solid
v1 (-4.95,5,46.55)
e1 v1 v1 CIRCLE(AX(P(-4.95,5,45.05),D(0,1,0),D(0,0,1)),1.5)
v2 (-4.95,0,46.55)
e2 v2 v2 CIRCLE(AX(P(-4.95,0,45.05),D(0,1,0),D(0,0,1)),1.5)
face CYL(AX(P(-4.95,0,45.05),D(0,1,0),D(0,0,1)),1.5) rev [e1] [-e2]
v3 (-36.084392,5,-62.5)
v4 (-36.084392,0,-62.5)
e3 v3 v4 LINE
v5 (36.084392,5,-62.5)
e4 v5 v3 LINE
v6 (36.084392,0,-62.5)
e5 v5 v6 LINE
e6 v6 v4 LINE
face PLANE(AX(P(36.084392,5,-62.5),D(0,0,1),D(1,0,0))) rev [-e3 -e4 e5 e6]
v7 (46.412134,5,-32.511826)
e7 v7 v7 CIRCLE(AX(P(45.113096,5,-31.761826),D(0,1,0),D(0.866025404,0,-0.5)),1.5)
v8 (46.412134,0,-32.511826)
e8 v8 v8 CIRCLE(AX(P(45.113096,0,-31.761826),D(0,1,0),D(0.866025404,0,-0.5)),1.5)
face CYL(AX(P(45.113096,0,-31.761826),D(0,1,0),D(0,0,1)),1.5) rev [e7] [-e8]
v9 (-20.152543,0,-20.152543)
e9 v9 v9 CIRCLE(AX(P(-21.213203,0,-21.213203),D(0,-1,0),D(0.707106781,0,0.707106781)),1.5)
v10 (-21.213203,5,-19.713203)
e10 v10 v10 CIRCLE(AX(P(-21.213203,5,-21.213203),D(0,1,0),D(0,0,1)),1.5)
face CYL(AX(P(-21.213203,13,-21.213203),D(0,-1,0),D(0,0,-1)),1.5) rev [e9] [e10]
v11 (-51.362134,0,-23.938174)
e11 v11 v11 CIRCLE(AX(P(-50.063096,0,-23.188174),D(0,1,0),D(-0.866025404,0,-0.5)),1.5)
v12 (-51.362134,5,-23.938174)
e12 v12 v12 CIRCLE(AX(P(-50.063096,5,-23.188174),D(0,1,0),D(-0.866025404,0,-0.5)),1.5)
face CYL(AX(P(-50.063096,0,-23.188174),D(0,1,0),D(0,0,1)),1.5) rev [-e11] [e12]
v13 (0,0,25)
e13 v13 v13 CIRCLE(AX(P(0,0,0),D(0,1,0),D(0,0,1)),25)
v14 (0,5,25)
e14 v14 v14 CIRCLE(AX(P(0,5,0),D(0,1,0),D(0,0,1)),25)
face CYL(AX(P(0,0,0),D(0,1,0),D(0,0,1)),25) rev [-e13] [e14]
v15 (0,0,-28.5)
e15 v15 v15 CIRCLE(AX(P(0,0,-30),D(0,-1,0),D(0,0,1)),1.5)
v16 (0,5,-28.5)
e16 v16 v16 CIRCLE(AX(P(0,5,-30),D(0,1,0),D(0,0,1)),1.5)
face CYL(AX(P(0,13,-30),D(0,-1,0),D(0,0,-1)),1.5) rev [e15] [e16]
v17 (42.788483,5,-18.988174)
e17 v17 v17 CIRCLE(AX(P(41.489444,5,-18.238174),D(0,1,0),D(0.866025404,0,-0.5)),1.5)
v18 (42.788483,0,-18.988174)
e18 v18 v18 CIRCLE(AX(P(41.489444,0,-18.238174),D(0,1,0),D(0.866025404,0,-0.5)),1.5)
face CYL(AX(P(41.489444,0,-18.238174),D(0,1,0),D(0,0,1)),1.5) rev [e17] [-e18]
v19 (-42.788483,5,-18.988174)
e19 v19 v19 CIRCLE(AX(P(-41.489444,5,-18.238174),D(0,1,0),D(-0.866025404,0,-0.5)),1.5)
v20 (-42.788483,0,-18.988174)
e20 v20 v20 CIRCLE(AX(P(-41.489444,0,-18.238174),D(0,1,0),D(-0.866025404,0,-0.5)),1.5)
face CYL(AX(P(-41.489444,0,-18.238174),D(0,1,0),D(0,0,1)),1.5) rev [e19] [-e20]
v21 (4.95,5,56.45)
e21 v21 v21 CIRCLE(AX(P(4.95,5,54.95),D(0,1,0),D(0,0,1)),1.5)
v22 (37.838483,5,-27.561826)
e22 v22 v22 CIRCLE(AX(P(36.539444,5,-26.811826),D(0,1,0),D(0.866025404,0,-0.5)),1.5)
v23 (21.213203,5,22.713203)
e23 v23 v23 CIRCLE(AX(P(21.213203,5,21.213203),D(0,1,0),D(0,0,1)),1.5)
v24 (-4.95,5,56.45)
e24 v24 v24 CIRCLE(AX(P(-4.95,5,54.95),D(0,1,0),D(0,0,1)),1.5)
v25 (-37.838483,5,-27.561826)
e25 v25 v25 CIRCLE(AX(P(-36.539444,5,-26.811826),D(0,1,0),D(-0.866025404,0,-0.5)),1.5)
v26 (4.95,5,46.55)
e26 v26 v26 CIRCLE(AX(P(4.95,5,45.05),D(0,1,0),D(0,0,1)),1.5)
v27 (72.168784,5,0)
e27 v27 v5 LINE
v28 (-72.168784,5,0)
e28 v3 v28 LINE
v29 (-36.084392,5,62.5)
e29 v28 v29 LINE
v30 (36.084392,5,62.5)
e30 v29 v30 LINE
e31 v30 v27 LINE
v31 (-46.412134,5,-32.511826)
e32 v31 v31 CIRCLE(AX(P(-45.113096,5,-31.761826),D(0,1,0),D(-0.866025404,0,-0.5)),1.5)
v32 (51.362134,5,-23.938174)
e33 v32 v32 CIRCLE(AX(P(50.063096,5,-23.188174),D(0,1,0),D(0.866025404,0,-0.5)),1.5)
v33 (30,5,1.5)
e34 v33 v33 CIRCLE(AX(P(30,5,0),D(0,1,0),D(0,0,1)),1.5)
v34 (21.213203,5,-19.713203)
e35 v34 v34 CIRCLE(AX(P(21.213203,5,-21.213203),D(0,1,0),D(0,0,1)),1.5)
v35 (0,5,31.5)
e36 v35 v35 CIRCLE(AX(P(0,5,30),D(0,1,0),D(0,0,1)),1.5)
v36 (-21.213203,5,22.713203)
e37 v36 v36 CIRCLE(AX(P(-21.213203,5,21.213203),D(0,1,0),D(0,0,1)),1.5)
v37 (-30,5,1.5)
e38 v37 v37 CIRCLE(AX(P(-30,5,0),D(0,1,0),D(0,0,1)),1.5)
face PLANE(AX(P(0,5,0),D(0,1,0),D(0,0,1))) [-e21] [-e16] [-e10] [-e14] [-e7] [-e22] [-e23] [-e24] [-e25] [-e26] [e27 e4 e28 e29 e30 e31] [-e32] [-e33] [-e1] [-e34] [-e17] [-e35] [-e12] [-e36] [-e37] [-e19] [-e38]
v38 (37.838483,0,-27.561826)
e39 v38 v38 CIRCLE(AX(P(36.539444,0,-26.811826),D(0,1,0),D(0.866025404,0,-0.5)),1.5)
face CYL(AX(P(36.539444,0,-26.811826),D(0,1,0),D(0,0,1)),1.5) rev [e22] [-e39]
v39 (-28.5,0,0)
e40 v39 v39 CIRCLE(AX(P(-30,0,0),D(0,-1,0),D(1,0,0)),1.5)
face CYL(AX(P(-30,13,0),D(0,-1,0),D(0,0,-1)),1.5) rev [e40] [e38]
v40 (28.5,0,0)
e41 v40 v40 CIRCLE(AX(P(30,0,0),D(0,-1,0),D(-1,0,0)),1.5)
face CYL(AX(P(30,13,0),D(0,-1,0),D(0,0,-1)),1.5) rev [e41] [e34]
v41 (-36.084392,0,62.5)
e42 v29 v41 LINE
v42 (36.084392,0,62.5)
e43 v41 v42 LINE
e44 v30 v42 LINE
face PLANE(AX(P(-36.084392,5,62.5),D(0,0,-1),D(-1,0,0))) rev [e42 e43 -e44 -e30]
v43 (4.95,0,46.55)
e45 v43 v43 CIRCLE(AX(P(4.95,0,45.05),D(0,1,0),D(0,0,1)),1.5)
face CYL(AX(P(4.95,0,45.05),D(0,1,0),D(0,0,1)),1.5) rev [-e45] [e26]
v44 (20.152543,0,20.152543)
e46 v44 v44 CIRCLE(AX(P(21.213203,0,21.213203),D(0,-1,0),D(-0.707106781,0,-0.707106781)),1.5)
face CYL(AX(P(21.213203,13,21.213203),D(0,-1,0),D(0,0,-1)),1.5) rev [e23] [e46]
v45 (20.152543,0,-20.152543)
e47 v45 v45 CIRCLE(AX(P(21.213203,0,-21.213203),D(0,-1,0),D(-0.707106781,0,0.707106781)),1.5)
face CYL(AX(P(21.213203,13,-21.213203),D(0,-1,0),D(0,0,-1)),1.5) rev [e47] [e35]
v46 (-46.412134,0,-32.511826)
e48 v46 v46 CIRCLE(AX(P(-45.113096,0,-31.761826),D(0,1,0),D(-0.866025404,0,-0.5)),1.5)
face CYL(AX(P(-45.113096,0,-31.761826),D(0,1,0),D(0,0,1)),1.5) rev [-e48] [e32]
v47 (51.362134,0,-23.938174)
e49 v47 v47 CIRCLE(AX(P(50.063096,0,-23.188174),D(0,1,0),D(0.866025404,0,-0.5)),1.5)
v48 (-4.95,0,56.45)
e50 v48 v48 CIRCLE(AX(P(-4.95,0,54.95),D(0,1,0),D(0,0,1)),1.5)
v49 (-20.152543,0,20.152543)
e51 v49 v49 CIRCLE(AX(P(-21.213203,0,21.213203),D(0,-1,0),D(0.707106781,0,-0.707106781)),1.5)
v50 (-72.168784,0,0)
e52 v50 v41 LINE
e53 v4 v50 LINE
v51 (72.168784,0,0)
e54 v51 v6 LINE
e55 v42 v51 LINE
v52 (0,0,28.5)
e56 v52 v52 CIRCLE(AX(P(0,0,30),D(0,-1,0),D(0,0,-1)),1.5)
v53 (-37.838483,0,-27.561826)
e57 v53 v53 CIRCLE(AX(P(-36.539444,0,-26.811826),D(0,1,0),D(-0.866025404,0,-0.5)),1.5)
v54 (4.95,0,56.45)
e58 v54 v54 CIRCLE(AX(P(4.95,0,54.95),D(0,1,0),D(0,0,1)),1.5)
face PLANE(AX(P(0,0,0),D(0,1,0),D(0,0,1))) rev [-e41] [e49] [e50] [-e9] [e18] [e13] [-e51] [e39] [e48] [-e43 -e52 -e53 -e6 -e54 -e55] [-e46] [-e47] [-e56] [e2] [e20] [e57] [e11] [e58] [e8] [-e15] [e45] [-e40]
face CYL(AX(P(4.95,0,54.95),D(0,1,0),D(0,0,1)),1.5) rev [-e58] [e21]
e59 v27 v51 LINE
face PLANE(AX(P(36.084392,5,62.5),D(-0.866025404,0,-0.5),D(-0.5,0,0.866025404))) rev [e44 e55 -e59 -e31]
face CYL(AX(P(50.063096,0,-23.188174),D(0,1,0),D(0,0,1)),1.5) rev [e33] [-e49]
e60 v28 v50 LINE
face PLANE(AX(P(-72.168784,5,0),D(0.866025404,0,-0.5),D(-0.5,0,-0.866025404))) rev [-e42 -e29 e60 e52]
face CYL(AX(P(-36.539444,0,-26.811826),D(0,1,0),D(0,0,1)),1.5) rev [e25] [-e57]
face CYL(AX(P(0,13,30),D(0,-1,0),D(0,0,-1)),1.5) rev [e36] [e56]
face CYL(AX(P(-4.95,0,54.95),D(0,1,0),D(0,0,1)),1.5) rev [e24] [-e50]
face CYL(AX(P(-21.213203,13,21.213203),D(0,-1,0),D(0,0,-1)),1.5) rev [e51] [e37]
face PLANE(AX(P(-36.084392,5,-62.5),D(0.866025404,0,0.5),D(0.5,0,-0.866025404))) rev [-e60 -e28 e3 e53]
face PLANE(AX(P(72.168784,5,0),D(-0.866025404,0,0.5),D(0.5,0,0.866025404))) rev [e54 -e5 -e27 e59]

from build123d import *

# Parameters (mm, degrees)
EXTRUDE_1_DEPTH          = 5
SKETCH_2_R               = 25
CUT_EXTRUDE_1_DEPTH      = 5
SKETCH_3_R               = 1.5
CUT_EXTRUDE_2_DEPTH      = 5
PATTERN_CIRCULAR_1_COUNT = 3
SKETCH_5_R               = 1.5
CUT_EXTRUDE_3_DEPTH      = 13
PATTERN_CIRCULAR_2_COUNT = 8


with BuildPart() as part:
    # 草图1 → 凸台-拉伸1 (new body)
    with BuildSketch(Plane(origin=(0, 0, 0), x_dir=(1, 0, 0), z_dir=(0, 1, 0))):
        Polygon((36.084391824, 62.5), (-36.084391824, 62.5), (-72.168783649, 0), (-36.084391824, -62.5), (36.084391824, -62.5), (72.168783649, 0), align=None)
    extrude(amount=EXTRUDE_1_DEPTH)

    # 草图2 → 切除-拉伸1 (cut)
    with BuildSketch(Plane(origin=(0, 5, 0), x_dir=(1, 0, 0), z_dir=(0, 1, 0))):
        with Locations(Location((0, 0, 0), (0, 0, 270))):
            Circle(SKETCH_2_R)
    extrude(amount=-CUT_EXTRUDE_1_DEPTH, mode=Mode.SUBTRACT)

    # 草图3 → 切除-拉伸2 (cut)
    with BuildSketch(Plane(origin=(0, 5, 0), x_dir=(1, 0, 0), z_dir=(0, 1, 0))):
        with Locations(Location((-4.95, -45.05, 0), (0, 0, 270))):
            Circle(SKETCH_3_R)
        with Locations(Location((4.95, -45.05, 0), (0, 0, 270))):
            Circle(SKETCH_3_R)
        with Locations(Location((-4.95, -54.95, 0), (0, 0, 270))):
            Circle(SKETCH_3_R)
        with Locations(Location((4.95, -54.95, 0), (0, 0, 270))):
            Circle(SKETCH_3_R)
    cut_extrude_2 = extrude(amount=-CUT_EXTRUDE_2_DEPTH, mode=Mode.SUBTRACT)

    # 阵列(圆周)1: 切除-拉伸2 ×3 about axis
    pattern_circular_1_axis = Axis((0, 0, 0), (0, 1, 0))
    for i in range(1, PATTERN_CIRCULAR_1_COUNT):
        add(cut_extrude_2.rotate(pattern_circular_1_axis, i * 360 / PATTERN_CIRCULAR_1_COUNT), mode=Mode.SUBTRACT)

    # 草图5 → 切除-拉伸3 (cut)
    with BuildSketch(Plane.XZ):
        with Locations(Location((0, 30, 0), (0, 0, 270))):
            Circle(SKETCH_5_R)
    cut_extrude_3 = extrude(amount=-CUT_EXTRUDE_3_DEPTH, mode=Mode.SUBTRACT)

    # 阵列(圆周)2: 切除-拉伸3 ×8 about axis
    pattern_circular_2_axis = Axis((0, 0, 0), (0, 1, 0))
    for i in range(1, PATTERN_CIRCULAR_2_COUNT):
        add(cut_extrude_3.rotate(pattern_circular_2_axis, i * 360 / PATTERN_CIRCULAR_2_COUNT), mode=Mode.SUBTRACT)


solid = part.part
